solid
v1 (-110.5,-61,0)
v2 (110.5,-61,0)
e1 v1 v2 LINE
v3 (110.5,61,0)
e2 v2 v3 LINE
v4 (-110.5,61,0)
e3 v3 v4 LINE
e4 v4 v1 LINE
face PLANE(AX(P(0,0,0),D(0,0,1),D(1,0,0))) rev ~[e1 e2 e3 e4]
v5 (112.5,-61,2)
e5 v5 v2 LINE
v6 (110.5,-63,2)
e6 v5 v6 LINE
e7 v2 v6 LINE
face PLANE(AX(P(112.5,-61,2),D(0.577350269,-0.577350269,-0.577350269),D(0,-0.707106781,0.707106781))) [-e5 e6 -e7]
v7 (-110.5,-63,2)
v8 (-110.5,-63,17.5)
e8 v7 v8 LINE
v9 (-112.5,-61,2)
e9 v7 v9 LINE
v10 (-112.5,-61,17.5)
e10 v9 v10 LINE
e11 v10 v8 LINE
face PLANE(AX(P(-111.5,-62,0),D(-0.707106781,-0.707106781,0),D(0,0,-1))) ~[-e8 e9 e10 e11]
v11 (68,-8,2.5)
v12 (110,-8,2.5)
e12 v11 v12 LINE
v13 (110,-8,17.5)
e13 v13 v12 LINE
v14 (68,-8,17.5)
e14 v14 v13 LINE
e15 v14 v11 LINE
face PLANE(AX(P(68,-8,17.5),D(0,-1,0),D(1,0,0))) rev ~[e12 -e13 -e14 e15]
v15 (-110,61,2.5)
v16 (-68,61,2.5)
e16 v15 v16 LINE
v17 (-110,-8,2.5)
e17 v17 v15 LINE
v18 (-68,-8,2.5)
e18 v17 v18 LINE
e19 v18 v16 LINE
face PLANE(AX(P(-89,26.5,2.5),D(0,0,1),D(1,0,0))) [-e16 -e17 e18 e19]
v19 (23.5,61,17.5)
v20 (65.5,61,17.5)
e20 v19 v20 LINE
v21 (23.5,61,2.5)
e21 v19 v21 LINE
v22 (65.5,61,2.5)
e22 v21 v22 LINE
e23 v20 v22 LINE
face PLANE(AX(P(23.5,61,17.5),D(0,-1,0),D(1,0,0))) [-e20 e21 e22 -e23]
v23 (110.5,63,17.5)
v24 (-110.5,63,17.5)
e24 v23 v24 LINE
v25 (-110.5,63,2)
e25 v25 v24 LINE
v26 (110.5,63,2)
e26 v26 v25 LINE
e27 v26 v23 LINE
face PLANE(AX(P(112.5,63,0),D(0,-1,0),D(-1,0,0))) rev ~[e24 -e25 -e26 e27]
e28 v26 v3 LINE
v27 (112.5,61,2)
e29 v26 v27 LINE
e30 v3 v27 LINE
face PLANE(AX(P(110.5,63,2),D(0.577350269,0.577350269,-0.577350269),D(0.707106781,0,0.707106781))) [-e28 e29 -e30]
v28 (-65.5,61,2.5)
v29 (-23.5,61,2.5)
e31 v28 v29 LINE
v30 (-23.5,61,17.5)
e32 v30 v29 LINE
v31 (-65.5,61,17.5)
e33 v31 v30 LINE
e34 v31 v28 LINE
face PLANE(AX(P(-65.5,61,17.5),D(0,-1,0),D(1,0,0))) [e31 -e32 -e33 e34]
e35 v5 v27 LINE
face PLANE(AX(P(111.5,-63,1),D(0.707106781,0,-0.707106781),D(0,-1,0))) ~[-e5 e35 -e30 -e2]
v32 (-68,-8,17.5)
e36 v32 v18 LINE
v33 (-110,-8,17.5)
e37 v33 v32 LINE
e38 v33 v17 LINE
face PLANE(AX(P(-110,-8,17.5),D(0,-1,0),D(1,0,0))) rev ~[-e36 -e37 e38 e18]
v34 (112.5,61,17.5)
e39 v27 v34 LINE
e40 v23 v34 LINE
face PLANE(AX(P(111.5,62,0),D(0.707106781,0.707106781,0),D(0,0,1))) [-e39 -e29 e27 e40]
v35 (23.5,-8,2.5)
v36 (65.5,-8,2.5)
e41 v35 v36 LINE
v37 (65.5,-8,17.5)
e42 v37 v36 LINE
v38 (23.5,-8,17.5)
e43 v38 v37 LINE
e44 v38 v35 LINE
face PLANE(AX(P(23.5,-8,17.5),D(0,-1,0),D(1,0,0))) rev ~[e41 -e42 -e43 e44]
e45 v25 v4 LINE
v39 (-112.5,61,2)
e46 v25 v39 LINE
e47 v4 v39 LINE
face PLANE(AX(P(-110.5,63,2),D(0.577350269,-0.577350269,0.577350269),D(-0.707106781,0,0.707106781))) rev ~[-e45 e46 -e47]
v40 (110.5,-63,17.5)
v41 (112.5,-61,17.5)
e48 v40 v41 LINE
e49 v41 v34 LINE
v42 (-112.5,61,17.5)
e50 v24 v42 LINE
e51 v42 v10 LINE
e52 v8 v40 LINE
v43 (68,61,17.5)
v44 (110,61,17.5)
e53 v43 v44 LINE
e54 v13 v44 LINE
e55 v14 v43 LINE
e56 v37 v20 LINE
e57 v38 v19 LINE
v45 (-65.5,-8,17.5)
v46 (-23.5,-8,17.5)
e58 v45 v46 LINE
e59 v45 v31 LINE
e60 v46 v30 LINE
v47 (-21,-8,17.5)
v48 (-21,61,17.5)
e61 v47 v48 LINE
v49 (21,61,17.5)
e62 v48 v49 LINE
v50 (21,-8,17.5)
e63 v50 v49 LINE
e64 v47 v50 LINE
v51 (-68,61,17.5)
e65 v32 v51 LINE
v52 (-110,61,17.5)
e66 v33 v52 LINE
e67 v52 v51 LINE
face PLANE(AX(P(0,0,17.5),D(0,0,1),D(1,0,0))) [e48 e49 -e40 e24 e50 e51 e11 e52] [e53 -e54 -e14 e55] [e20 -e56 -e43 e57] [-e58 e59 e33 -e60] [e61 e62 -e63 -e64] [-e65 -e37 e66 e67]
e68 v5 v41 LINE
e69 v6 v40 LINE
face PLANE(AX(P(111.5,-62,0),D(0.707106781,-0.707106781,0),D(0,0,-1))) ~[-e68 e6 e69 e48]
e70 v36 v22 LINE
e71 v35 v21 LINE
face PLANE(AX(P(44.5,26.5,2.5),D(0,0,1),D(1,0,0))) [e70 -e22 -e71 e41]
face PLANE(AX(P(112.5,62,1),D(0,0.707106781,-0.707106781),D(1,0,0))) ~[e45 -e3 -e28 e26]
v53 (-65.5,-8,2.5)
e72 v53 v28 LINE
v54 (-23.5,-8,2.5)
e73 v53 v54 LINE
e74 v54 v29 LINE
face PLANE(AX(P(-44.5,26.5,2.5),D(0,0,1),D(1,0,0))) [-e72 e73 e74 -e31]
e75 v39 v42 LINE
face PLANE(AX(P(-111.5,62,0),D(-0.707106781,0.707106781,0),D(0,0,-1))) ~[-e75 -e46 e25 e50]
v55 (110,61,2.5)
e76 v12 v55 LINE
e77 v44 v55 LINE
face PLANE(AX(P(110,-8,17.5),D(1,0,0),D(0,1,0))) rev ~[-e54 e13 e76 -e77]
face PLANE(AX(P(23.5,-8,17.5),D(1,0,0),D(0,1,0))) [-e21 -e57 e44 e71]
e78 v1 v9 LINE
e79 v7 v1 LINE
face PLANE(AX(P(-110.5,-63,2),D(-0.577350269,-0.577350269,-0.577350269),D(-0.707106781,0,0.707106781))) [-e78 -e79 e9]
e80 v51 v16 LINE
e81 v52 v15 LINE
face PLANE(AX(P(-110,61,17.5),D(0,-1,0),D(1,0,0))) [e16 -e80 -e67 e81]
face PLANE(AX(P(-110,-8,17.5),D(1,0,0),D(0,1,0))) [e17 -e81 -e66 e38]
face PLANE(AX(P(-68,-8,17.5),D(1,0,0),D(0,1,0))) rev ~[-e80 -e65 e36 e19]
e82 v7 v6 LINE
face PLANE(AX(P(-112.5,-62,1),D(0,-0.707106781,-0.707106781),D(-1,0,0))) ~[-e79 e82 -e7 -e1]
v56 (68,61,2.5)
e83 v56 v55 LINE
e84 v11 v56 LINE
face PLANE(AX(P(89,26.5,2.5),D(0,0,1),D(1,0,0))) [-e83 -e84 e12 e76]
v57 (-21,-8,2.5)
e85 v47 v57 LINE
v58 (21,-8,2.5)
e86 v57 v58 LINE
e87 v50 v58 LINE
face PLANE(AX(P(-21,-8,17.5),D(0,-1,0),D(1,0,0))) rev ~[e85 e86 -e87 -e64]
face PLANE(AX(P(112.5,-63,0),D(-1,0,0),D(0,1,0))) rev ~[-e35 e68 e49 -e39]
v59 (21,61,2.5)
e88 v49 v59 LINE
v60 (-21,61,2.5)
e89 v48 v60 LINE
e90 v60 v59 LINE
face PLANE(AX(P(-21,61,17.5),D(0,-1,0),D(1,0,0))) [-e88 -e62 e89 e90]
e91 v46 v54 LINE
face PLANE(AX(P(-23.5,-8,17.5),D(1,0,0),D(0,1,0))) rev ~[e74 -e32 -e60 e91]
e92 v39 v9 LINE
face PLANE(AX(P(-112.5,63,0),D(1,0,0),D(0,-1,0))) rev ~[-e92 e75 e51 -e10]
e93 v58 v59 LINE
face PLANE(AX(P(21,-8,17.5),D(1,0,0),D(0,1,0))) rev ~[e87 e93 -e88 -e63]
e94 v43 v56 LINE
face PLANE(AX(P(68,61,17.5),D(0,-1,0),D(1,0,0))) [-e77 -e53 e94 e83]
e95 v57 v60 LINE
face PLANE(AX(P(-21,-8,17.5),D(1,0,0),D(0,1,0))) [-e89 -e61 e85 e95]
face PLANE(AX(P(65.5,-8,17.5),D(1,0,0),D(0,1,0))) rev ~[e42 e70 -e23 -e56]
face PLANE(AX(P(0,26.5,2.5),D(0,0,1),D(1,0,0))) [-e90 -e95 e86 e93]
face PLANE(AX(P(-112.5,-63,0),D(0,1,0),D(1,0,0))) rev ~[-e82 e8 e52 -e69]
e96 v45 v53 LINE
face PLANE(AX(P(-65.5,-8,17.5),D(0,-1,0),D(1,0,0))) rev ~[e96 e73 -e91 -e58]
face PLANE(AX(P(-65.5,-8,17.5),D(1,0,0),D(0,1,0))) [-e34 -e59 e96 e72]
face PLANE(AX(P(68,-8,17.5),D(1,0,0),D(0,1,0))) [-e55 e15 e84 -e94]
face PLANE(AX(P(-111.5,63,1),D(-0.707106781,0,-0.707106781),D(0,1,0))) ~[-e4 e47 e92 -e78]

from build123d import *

# Parameters (mm, degrees)
F1_DEPTH = 17.5
F2_SIZE  = 2
F3_W     = 42
F3_H     = 69
F4_DEPTH = 15


with BuildPart() as f1:
    # F0 (on Top) → F1 (new body)
    with BuildSketch(Plane.XY):
        Polygon((112.5, 63), (0, 63), (-112.5, 63), (-112.5, 0), (-112.5, -63), (0, -63), (112.5, -63), (112.5, 0), align=None)
    extrude(amount=F1_DEPTH)

    # F2
    f2_edges = [f1.edges().sort_by_distance(p)[0] for p in [
        (-112.5, 0, 0),
        (0, -63, 0),
        (112.5, 0, 0),
        (0, 63, 0),
        (-112.5, -63, 8.75),
        (112.5, -63, 8.75),
        (112.5, 63, 8.75),
        (-112.5, 63, 8.75),
    ]]
    chamfer(f2_edges, length=F2_SIZE)

    # F3 (on face) → F4 (cut)
    with BuildSketch(Plane.XY.offset(17.5)):
        with Locations((89, 26.5)):
            Rectangle(F3_W, F3_H)
        with Locations((44.5, 26.5)):
            Rectangle(F3_W, F3_H)
        with Locations((0, 26.5)):
            Rectangle(F3_W, F3_H)
        with Locations((-44.5, 26.5)):
            Rectangle(F3_W, F3_H)
        with Locations((-89, 26.5)):
            Rectangle(F3_W, F3_H)
    extrude(amount=-F4_DEPTH, mode=Mode.SUBTRACT)


solid = f1.part
